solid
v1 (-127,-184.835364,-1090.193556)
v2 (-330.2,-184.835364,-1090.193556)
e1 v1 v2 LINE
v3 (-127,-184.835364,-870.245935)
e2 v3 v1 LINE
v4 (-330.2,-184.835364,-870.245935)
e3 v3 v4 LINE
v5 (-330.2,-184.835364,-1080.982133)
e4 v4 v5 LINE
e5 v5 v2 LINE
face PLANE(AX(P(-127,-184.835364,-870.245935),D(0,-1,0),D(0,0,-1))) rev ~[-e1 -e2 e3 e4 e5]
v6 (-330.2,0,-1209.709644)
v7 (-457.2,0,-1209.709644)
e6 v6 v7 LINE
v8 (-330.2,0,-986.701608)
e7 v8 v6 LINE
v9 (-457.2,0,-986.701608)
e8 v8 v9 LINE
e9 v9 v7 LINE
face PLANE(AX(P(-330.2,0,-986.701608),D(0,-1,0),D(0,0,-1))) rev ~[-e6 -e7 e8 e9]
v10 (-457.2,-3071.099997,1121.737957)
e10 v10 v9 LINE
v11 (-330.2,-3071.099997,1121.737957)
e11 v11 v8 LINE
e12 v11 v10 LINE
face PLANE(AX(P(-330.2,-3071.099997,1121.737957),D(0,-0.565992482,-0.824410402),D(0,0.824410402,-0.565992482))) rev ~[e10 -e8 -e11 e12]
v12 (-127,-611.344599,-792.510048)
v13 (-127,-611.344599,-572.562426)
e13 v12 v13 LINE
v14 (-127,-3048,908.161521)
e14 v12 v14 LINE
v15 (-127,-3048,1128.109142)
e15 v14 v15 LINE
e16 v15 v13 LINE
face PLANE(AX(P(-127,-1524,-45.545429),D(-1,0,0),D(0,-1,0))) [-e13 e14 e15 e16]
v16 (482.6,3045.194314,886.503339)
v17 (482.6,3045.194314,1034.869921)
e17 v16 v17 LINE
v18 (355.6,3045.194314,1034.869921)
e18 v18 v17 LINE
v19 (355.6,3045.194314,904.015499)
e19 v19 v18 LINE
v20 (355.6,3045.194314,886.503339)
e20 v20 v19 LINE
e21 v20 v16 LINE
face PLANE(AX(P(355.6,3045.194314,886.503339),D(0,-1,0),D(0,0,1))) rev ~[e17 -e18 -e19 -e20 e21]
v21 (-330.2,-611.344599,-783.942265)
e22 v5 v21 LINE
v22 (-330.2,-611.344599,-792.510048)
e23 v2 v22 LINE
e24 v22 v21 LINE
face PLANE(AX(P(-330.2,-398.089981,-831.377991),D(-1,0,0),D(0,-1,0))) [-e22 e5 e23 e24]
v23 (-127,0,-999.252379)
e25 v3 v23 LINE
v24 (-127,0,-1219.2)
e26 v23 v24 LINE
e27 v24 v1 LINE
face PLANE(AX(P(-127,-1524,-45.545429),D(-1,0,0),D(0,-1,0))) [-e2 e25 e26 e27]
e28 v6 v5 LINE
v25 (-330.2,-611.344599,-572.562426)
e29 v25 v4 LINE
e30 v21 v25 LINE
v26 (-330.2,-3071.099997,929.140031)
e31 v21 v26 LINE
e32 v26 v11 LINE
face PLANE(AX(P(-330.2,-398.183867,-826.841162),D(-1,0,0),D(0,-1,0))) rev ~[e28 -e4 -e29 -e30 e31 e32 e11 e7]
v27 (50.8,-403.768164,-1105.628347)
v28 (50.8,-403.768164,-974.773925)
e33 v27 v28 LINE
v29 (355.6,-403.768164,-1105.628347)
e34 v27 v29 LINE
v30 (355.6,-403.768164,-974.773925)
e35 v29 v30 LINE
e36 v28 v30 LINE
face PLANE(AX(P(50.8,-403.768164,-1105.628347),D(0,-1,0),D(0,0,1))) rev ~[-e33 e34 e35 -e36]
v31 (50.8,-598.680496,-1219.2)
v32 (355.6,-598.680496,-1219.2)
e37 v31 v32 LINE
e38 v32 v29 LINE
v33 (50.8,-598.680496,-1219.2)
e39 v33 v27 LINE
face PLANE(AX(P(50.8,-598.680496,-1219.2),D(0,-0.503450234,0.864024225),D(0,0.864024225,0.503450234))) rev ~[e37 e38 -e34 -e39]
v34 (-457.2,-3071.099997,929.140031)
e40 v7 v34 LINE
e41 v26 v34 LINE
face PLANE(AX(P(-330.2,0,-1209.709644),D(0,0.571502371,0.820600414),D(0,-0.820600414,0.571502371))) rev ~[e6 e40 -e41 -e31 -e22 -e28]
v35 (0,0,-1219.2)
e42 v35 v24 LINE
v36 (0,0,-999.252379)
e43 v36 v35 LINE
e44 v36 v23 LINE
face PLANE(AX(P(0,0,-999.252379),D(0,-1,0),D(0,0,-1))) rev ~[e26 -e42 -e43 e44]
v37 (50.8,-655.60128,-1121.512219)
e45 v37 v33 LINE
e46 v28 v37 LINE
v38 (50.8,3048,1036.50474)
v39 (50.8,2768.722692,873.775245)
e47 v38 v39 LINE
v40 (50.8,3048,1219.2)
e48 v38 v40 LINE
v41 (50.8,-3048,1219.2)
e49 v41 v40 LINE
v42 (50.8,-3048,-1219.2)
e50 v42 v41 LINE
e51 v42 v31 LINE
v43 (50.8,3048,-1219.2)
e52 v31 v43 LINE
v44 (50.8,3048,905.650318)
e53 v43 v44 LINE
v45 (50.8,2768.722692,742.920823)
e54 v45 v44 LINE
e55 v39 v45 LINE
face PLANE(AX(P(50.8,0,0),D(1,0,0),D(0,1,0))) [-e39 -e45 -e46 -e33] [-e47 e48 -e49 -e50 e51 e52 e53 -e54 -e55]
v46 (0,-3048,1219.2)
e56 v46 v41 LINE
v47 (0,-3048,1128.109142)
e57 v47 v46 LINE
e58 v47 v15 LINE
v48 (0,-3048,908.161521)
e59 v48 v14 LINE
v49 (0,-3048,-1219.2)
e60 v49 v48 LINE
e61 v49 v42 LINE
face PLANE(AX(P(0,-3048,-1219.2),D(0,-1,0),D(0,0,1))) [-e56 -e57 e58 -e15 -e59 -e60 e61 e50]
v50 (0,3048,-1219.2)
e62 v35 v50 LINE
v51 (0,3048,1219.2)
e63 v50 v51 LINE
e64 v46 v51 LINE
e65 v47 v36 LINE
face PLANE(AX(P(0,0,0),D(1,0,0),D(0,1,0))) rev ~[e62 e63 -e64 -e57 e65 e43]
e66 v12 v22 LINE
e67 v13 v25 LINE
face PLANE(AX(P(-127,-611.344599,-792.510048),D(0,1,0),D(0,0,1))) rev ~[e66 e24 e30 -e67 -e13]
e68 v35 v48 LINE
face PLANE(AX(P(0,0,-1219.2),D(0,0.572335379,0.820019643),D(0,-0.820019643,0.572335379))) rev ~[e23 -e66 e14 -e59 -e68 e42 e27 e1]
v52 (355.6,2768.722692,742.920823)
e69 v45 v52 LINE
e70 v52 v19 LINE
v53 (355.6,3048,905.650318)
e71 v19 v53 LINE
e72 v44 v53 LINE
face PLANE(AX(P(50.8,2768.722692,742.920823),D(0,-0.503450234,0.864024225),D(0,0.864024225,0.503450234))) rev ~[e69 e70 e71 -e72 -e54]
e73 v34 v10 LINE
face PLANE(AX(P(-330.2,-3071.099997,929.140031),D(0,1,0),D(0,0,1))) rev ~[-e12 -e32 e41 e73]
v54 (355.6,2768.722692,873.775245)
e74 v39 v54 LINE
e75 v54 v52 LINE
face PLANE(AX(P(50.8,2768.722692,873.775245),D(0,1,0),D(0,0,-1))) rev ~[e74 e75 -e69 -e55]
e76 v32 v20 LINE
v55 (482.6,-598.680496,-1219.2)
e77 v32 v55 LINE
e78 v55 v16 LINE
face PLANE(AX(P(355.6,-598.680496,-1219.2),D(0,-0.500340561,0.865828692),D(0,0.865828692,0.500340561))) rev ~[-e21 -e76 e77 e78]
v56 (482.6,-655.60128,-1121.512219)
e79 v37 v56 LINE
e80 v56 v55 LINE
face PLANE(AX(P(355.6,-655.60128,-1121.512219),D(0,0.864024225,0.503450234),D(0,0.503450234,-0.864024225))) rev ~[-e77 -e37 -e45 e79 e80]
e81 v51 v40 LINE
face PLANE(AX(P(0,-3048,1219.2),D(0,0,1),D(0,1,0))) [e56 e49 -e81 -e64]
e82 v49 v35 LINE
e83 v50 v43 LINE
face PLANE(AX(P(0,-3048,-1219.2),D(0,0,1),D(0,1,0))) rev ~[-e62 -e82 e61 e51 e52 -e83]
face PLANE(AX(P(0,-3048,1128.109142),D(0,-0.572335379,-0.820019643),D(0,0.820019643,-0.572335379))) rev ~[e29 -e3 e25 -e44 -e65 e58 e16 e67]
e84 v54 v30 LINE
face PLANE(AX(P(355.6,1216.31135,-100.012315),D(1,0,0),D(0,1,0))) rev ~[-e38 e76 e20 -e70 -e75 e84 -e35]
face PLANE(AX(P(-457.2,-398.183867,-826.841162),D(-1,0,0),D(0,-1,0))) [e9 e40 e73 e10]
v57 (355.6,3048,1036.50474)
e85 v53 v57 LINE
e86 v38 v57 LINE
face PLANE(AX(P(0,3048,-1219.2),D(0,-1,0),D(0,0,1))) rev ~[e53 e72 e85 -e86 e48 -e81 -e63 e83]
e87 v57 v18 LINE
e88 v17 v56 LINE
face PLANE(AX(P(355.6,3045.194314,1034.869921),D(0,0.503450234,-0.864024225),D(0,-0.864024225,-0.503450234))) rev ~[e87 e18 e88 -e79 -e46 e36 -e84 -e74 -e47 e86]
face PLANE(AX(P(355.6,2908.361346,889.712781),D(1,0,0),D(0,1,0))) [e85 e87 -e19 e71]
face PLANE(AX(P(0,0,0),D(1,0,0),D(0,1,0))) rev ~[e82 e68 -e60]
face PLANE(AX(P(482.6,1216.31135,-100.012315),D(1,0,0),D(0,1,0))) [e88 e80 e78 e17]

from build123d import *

# Parameters (mm, degrees)
F0_W      = 6096
F0_H      = 2438.4
F1_DEPTH  = 50.8
F3_DEPTH  = 304.8
F5_DEPTH  = 127
F7_DEPTH  = 203.2
F10_DEPTH = 127
F12_DEPTH = 127


with BuildPart() as f1:
    # F0 (on Right) → F1 (new body)
    with BuildSketch(Plane.YZ):
        Rectangle(F0_W, F0_H)
    extrude(amount=F1_DEPTH)

    # F2 (on face) → F3 (join)
    with BuildSketch(Plane.YZ.offset(50.8)):
        Polygon((2768.7226924944, 742.9208226702), (3048, 905.6503176689), (3048, 1036.5047400729), (2768.7226924944, 873.7752450741), align=None)
        Polygon((-655.6012799492, -1121.512219292), (-598.6804962158, -1219.2), (-403.7681643359, -1105.6283474403), (-403.7681643359, -974.7739250363), align=None)
    extrude(amount=F3_DEPTH)

    # F4 (on face) → F5 (join)
    with BuildSketch(Plane(origin=(0, 0, 0), x_dir=(0, -1, 0), z_dir=(-1, 0, 0))):
        Polygon((0, -1219.2), (3048, 908.1615209579), (3048, 1128.1091420174), (0, -999.2523789406), align=None)
    extrude(amount=F5_DEPTH)

    # F6 (on face) → F7 (join)
    with BuildSketch(Plane(origin=(-127, 0, 0), x_dir=(0, -1, 0), z_dir=(-1, 0, 0))):
        Polygon((611.3445986138, -572.562426468), (184.8353640356, -870.2459349899), (184.8353640356, -1090.1935560493), (611.3445986138, -792.5100475274), align=None)
    extrude(amount=F7_DEPTH)

    # F9 (on face) → F10 (join)
    with BuildSketch(Plane(origin=(-330.2, 0, 0), x_dir=(0, -1, 0), z_dir=(-1, 0, 0))):
        Polygon((184.8353640356, -870.2459349899), (184.8353640356, -1080.9821333739), (611.3445986138, -783.9422652285), (611.3445986138, -572.562426468), align=None)
        Polygon((0, -986.7016077042), (0, -1209.7096443176), (184.8353640356, -1080.9821333739), (184.8353640356, -870.2459349899), (611.3445986138, -572.562426468), (611.3445986138, -783.9422652285), (3071.0999965668, 929.1400313377), (3071.0999965668, 1121.7379570007), align=None)
    extrude(amount=F10_DEPTH)

    # F11 (on face) → F12 (join)
    with BuildSketch(Plane.YZ.offset(355.6)):
        Polygon((3045.1943140363, 1034.869921032), (-655.6012799492, -1121.512219292), (-598.6804962158, -1219.2), (3045.1943140363, 886.5033388138), align=None)
    extrude(amount=F12_DEPTH)


solid = f1.part
